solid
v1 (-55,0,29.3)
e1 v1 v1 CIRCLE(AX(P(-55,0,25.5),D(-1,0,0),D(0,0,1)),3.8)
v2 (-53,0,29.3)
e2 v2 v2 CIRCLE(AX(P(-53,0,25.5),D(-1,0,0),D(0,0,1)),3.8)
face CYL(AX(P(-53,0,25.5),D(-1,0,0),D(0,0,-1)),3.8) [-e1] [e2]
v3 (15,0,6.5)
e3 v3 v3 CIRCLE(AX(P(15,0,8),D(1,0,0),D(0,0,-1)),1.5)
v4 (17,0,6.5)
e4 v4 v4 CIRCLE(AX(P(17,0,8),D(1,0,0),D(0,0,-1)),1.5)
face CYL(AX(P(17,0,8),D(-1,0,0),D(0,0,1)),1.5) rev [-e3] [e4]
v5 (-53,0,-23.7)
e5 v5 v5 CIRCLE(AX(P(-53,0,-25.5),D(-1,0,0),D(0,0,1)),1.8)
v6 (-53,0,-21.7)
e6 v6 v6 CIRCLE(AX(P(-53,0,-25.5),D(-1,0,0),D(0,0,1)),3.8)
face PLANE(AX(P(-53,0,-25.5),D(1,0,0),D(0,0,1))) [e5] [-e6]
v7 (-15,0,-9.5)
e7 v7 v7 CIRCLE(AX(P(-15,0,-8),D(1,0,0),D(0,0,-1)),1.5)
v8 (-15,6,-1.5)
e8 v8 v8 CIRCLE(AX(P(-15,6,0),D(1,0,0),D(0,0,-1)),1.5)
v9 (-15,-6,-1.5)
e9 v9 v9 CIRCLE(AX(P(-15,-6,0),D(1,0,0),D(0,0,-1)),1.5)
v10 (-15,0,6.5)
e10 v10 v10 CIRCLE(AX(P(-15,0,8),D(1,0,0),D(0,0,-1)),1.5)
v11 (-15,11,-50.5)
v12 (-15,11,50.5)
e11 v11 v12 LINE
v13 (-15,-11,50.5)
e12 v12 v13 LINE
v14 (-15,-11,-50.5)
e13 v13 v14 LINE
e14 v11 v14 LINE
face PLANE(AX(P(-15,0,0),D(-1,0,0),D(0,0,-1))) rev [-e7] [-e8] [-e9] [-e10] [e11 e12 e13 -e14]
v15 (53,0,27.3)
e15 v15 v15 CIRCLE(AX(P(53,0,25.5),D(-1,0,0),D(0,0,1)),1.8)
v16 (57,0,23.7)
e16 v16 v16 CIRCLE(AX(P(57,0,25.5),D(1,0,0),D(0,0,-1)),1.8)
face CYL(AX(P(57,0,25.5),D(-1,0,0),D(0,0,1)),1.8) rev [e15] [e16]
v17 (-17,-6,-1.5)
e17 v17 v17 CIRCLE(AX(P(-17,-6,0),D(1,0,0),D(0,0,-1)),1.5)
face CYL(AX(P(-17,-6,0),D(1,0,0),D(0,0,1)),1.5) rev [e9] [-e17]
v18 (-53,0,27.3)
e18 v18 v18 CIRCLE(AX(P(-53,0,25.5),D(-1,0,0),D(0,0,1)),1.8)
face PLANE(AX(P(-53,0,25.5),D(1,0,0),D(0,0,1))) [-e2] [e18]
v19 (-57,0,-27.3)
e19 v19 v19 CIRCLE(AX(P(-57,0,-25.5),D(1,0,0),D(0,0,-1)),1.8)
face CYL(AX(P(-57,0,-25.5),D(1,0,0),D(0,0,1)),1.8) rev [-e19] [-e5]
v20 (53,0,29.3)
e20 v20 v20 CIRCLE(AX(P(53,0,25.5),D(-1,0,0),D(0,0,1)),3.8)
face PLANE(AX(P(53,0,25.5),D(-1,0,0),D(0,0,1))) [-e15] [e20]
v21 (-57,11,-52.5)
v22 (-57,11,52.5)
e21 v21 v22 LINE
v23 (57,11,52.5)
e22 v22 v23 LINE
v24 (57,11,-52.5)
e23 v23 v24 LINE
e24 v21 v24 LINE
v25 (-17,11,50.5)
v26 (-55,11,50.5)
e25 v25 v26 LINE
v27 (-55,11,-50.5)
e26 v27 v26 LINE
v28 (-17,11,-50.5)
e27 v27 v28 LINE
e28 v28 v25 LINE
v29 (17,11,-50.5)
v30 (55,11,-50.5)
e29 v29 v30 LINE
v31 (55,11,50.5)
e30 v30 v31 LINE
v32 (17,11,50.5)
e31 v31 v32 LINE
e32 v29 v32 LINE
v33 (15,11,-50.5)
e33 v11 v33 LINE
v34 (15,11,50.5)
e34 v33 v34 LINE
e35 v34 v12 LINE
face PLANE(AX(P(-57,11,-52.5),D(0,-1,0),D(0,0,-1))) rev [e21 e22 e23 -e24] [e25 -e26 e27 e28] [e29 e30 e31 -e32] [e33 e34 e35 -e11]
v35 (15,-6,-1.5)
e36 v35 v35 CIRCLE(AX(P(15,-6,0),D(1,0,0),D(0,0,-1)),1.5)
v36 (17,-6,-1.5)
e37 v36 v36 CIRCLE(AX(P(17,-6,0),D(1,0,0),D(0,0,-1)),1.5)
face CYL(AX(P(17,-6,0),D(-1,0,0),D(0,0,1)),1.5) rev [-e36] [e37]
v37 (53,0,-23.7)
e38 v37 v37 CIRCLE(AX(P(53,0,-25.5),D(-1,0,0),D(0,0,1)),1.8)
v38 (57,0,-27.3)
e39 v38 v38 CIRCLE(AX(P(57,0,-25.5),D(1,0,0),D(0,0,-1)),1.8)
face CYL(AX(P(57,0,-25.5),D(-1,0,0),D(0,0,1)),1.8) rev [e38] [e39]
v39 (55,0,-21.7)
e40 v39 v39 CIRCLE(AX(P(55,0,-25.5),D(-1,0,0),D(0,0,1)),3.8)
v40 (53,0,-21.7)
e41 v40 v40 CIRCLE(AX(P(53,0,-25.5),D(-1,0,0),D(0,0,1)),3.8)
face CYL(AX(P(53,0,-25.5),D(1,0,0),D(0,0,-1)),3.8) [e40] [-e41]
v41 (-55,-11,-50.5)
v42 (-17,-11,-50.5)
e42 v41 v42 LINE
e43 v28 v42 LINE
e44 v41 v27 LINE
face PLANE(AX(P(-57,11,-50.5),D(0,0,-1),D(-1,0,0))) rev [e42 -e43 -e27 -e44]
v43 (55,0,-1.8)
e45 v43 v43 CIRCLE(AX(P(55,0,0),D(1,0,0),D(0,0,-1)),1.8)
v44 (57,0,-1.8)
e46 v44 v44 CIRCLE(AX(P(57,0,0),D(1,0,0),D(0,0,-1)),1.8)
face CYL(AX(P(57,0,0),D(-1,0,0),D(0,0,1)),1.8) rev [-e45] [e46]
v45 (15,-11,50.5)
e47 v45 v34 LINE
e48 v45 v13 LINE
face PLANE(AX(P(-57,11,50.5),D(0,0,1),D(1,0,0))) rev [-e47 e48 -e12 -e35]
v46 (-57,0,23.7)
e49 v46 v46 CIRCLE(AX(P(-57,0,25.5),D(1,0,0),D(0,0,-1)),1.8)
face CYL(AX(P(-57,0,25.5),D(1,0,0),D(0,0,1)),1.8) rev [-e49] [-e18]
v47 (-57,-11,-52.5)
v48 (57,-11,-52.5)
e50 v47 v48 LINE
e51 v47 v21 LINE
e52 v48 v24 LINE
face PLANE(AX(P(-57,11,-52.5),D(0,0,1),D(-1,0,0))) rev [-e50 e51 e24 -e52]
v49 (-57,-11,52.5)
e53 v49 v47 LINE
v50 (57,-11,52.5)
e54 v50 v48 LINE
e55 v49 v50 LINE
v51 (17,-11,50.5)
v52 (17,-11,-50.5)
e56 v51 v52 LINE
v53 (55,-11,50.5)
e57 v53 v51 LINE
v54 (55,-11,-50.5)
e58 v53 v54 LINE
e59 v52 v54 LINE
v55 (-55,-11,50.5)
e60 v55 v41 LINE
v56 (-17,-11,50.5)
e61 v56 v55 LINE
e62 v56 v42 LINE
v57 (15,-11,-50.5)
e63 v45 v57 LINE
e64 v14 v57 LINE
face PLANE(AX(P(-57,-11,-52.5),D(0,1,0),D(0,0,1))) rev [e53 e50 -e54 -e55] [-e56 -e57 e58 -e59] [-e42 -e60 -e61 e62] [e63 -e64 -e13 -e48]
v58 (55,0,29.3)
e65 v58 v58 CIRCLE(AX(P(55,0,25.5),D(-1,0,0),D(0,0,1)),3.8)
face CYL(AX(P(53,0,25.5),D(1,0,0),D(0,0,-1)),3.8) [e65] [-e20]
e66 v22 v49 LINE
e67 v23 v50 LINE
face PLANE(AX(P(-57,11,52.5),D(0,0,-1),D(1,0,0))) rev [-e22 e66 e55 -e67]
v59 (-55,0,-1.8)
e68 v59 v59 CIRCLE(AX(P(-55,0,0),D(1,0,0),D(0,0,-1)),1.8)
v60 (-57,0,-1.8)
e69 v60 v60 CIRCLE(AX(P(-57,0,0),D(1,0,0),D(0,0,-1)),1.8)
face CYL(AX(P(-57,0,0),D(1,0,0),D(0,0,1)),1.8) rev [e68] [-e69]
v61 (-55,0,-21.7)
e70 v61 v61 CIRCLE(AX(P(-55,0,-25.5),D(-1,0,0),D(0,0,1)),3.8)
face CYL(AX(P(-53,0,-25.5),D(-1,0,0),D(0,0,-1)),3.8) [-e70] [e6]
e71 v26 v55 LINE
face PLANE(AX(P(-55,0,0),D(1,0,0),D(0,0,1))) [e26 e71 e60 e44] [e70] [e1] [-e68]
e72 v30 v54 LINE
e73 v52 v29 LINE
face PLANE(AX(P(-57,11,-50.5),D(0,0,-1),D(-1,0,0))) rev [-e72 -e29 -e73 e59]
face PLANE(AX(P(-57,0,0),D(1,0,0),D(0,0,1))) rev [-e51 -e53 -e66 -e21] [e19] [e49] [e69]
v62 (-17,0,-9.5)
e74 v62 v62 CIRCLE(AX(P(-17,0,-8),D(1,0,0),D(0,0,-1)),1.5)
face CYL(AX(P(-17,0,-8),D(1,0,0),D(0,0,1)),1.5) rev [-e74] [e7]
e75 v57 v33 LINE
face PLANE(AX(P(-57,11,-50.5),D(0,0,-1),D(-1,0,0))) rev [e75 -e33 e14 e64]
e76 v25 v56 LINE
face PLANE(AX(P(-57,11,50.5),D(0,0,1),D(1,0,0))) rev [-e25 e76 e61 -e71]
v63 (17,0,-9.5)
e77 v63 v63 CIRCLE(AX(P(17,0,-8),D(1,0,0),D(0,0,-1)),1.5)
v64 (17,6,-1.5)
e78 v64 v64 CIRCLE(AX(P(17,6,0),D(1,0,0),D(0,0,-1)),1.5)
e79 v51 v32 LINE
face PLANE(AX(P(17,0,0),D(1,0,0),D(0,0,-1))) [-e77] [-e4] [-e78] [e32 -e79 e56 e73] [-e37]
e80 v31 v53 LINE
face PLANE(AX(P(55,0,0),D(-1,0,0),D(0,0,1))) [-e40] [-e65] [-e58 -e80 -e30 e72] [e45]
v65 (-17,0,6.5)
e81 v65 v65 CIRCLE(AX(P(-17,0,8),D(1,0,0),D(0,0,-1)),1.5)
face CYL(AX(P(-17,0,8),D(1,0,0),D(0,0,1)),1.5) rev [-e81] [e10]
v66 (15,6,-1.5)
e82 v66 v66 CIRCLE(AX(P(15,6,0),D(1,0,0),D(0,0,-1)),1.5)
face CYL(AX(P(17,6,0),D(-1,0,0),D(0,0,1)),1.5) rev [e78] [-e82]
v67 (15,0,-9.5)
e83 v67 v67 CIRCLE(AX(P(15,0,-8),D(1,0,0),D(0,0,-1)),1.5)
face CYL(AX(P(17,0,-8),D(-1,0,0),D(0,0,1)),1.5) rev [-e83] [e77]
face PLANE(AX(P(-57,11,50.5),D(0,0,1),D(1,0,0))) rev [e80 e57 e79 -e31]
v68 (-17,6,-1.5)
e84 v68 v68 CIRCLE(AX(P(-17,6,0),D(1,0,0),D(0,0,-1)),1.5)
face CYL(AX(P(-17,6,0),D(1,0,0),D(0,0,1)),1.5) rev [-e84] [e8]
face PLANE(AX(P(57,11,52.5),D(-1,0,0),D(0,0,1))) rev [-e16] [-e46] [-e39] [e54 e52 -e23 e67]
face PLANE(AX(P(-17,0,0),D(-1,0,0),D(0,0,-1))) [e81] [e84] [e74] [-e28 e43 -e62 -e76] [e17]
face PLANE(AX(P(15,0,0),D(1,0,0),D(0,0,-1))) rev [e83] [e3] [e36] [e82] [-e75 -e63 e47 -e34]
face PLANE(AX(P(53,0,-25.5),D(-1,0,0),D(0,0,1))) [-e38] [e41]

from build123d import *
from build123d.topology import SkipClean

# Parameters (mm, degrees)
BOSS_EXTRUDE1_START = 55
SKETCH2_W           = 105
SKETCH2_H           = 22
SKETCH2_R           = 1.8
BOSS_EXTRUDE1_DEPTH = 2
BOSS_EXTRUDE2_START = 2
SKETCH3_R           = 3.8
SKETCH3_R_2         = 1.8
BOSS_EXTRUDE2_DEPTH = 2
BOSS_EXTRUDE3_START = 15
SKETCH5_W           = 105
SKETCH5_H           = 22
SKETCH5_R           = 1.5
BOSS_EXTRUDE3_DEPTH = 2
SKETCH6_W           = 114
SKETCH6_H           = 2
BOSS_EXTRUDE4_DEPTH = 11


with BuildPart() as part:
    # Sketch2 → Boss-Extrude1 (new body)
    with BuildSketch(Plane(origin=(0, 0, 0), x_dir=(0, 0, -1), z_dir=(1, 0, 0)).offset(BOSS_EXTRUDE1_START)):
        Rectangle(SKETCH2_W, SKETCH2_H)
        Circle(SKETCH2_R, mode=Mode.SUBTRACT)
        with Locations((-25.5, 0)):
            Circle(SKETCH2_R, mode=Mode.SUBTRACT)
        with Locations((25.5, 0)):
            Circle(SKETCH2_R, mode=Mode.SUBTRACT)
    extrude(amount=BOSS_EXTRUDE1_DEPTH)

    # Sketch3 → Boss-Extrude2 (add)
    # profile 1 of 2: a face of its own
    with SkipClean():  # the faces are left unmerged after this step: merging them gives an invalid solid
        with BuildSketch(Plane.ZY.offset(-55).offset(BOSS_EXTRUDE2_START)):
            with Locations((-25.5, 0)):
                Circle(SKETCH3_R)
            with Locations((-25.5, 0)):
                Circle(SKETCH3_R_2, mode=Mode.SUBTRACT)
        # profile 2 of 2: a face of its own
        with BuildSketch(Plane.ZY.offset(-55).offset(BOSS_EXTRUDE2_START)):
            with Locations((25.5, 0)):
                Circle(SKETCH3_R)
            with Locations((25.5, 0)):
                Circle(SKETCH3_R_2, mode=Mode.SUBTRACT)
        extrude(amount=-BOSS_EXTRUDE2_DEPTH)


with BuildPart() as body_2:
    # Sketch5 → Boss-Extrude3 (new body)
    with BuildSketch(Plane(origin=(0, 0, 0), x_dir=(0, 0, -1), z_dir=(1, 0, 0)).offset(BOSS_EXTRUDE3_START)):
        Rectangle(SKETCH5_W, SKETCH5_H)
        with Locations((8, 0)):
            Circle(SKETCH5_R, mode=Mode.SUBTRACT)
        with Locations((-8, 0)):
            Circle(SKETCH5_R, mode=Mode.SUBTRACT)
        with Locations((0, 6)):
            Circle(SKETCH5_R, mode=Mode.SUBTRACT)
        with Locations((0, -6)):
            Circle(SKETCH5_R, mode=Mode.SUBTRACT)
    extrude(amount=BOSS_EXTRUDE3_DEPTH)


with BuildPart() as body_3:
    # Mirror2: mirrored copy
    add(part.part.mirror(Plane(origin=(0, 0, 0), x_dir=(0, 0, 1), z_dir=(1, 0, 0))))


with BuildPart() as body_4:
    # Mirror2 2: mirrored copy
    add(body_2.part.mirror(Plane(origin=(0, 0, 0), x_dir=(0, 0, 1), z_dir=(1, 0, 0))))


with BuildPart() as part_1:
    with SkipClean():  # the faces are left unmerged after this step: merging them gives an invalid solid
        add(part.part)

        add(body_2.part)  # Boss-Extrude4 merges body 2

        add(body_3.part)  # Boss-Extrude4 merges body 3

        add(body_4.part)  # Boss-Extrude4 merges body 4
        # Sketch6 → Boss-Extrude4 (add, symmetric)
        with BuildSketch(Plane(origin=(0, 0, 0), x_dir=(1, 0, 0), z_dir=(0, 1, 0))):
            with Locations((0, -51.5)):
                Rectangle(SKETCH6_W, SKETCH6_H)
            with Locations((0, 51.5)):
                Rectangle(SKETCH6_W, SKETCH6_H)
        extrude(amount=BOSS_EXTRUDE4_DEPTH, both=True)


solid = part_1.part
